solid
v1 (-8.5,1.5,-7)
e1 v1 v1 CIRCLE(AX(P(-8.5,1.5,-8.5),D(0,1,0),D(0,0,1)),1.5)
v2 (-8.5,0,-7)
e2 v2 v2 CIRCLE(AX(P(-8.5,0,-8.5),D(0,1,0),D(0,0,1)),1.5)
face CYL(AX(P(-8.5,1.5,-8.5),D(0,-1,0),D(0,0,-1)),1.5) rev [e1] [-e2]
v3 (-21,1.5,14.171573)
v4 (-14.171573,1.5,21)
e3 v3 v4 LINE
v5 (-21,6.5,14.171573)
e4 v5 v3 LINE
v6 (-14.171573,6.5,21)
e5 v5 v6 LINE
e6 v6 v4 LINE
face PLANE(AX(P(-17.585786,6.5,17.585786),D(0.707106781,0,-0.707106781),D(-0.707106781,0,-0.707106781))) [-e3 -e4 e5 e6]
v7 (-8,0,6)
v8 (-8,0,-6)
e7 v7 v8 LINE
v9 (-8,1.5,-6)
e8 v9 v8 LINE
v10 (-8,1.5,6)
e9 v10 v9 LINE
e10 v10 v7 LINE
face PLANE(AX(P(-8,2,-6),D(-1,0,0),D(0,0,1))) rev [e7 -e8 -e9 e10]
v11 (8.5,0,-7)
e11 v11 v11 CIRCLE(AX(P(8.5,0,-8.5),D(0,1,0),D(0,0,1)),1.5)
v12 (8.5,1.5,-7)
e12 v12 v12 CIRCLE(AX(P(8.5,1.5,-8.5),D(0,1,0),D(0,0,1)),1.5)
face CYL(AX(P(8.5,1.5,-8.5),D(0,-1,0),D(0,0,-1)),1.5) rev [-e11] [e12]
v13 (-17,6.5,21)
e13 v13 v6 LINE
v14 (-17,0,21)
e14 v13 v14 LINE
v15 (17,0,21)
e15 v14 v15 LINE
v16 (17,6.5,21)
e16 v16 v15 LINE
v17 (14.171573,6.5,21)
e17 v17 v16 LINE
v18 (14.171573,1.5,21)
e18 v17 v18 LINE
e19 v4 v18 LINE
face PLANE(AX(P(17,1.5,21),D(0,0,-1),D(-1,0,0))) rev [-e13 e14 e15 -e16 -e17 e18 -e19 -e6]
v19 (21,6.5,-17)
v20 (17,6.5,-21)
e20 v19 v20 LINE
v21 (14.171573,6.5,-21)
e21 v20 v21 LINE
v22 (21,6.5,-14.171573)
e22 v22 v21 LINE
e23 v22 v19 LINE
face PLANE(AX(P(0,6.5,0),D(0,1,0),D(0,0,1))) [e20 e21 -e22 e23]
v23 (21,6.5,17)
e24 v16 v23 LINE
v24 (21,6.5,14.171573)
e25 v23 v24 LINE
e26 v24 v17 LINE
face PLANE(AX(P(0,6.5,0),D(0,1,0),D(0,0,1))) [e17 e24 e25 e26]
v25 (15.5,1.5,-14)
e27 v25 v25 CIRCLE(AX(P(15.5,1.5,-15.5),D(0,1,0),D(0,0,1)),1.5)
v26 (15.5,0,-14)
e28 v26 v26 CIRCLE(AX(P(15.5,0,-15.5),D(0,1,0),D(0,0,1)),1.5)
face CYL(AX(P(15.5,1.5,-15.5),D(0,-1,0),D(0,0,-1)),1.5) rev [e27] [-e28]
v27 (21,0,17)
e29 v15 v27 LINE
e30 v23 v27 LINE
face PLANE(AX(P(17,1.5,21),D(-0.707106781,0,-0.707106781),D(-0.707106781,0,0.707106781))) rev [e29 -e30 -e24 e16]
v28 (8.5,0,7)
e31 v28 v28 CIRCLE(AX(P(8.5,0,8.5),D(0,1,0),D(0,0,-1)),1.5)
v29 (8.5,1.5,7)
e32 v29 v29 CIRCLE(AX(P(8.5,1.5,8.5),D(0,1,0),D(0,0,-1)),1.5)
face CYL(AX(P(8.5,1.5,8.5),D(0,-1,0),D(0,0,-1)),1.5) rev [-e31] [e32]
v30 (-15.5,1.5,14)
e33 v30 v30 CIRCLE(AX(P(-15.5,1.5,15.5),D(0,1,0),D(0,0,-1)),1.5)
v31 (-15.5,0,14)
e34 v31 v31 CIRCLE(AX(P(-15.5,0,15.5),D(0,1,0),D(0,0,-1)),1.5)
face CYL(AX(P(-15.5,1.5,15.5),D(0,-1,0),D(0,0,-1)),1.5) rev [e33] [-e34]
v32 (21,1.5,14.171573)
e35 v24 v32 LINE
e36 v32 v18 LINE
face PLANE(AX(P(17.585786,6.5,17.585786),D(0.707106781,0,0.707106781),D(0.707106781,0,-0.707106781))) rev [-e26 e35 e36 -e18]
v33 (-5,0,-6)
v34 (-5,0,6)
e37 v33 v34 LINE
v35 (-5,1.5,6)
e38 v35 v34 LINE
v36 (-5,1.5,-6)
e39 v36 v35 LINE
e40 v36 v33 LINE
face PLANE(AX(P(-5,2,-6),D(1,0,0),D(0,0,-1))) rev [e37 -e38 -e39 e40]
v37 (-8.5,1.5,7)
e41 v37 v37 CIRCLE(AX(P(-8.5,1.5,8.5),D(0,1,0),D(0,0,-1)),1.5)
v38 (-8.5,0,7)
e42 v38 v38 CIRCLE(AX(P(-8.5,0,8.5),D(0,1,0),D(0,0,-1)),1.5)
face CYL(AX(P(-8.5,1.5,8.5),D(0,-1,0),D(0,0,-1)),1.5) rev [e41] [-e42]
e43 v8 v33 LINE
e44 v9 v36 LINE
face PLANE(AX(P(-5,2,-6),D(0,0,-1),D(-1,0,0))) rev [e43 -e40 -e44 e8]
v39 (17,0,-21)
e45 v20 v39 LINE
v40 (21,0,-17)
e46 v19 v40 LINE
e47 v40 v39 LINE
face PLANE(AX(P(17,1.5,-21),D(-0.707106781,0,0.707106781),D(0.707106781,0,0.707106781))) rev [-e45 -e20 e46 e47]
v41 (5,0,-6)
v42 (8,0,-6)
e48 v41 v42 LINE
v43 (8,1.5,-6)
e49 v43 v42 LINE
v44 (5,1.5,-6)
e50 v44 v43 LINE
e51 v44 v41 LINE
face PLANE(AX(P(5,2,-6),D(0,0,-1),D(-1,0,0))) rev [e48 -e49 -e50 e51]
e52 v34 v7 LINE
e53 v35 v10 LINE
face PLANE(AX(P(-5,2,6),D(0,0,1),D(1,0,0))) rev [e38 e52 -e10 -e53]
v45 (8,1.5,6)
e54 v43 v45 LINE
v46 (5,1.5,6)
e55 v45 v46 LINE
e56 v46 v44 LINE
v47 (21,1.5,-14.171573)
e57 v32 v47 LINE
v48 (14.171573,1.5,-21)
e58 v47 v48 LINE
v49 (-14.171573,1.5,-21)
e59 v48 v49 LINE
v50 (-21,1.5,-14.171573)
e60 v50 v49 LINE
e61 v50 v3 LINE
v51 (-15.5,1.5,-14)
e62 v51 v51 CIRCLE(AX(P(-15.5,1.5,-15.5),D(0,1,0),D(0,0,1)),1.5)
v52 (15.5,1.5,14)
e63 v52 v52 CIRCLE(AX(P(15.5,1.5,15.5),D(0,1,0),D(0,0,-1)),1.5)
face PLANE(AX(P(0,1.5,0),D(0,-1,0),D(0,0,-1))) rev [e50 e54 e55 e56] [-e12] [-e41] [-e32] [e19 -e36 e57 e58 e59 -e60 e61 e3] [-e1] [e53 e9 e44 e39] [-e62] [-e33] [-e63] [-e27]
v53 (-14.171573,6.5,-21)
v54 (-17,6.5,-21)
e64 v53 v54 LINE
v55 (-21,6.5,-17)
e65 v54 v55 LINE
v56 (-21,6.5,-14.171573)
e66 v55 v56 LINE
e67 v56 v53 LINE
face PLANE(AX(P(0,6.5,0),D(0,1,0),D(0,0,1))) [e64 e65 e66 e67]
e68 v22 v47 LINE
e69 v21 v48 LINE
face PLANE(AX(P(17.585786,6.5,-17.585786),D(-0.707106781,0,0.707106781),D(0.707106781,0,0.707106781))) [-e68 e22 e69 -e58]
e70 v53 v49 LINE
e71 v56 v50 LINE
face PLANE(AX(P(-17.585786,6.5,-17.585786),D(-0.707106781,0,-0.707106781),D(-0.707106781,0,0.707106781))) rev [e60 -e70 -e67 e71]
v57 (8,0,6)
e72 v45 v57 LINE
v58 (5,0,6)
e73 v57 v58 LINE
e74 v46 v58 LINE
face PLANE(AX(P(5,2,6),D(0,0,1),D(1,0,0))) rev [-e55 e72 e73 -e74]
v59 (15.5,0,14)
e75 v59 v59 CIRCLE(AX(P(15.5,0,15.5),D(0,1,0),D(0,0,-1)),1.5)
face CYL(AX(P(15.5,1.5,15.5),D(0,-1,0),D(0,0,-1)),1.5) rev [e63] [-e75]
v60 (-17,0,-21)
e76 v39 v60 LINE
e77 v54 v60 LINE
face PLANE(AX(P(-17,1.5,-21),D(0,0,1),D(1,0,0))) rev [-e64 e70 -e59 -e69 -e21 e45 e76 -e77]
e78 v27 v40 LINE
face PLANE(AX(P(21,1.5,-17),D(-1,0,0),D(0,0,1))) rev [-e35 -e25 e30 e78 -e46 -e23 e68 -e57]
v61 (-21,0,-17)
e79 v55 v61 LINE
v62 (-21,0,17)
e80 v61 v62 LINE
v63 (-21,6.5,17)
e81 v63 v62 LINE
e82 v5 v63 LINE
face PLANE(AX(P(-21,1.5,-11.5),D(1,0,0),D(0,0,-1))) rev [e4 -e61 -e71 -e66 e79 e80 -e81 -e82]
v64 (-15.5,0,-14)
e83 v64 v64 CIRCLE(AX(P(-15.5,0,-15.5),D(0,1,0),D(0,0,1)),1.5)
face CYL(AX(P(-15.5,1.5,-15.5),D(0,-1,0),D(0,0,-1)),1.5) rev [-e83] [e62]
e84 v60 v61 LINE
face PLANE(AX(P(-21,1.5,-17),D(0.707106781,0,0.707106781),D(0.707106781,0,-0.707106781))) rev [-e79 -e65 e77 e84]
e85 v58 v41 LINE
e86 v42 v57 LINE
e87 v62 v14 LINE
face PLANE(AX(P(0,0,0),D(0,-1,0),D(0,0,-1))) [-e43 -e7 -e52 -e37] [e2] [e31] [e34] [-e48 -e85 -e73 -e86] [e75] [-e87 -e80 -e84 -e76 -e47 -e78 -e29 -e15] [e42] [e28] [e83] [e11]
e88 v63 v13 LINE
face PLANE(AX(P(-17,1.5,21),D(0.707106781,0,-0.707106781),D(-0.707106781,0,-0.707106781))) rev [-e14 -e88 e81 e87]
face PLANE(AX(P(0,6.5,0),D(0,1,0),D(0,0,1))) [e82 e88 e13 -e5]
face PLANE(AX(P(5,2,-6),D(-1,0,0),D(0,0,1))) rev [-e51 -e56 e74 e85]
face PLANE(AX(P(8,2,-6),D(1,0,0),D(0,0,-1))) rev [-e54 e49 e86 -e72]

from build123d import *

# Parameters (mm, degrees)
SKETCH1_R           = 1.5
BOSS_EXTRUDE1_DEPTH = 1.5
SKETCH3_W           = 3
SKETCH3_H           = 12
CUT_EXTRUDE1_DEPTH  = 2
BOSS_EXTRUDE3_DEPTH = 5


with BuildPart() as part:
    # Sketch1 → Boss-Extrude1 (new body)
    with BuildSketch(Plane(origin=(0, 0, 0), x_dir=(1, 0, 0), z_dir=(0, 1, 0))):
        Polygon((-21, 11.5), (-21, 17), (-17, 21), (17, 21), (21, 17), (21, 11.5), (21, -11.5), (21, -17), (17, -21), (-17, -21), (-21, -17), (-21, -11.5), align=None)
        with Locations(Location((-15.5, 15.5, 0), (0, 0, 270))):
            Circle(SKETCH1_R, mode=Mode.SUBTRACT)
        with Locations(Location((15.5, 15.5, 0), (0, 0, 270))):
            Circle(SKETCH1_R, mode=Mode.SUBTRACT)
        with Locations(Location((15.5, -15.5, 0), (0, 0, 90))):
            Circle(SKETCH1_R, mode=Mode.SUBTRACT)
        with Locations(Location((-15.5, -15.5, 0), (0, 0, 90))):
            Circle(SKETCH1_R, mode=Mode.SUBTRACT)
        with Locations(Location((-8.5, 8.5, 0), (0, 0, 270))):
            Circle(SKETCH1_R, mode=Mode.SUBTRACT)
        with Locations(Location((8.5, 8.5, 0), (0, 0, 270))):
            Circle(SKETCH1_R, mode=Mode.SUBTRACT)
        with Locations(Location((8.5, -8.5, 0), (0, 0, 90))):
            Circle(SKETCH1_R, mode=Mode.SUBTRACT)
        with Locations(Location((-8.5, -8.5, 0), (0, 0, 90))):
            Circle(SKETCH1_R, mode=Mode.SUBTRACT)
    extrude(amount=BOSS_EXTRUDE1_DEPTH)

    # Sketch3 → Cut-Extrude1 (cut)
    with BuildSketch(Plane.XZ):
        with Locations((6.5, 0)):
            Rectangle(SKETCH3_W, SKETCH3_H)
        with Locations((-6.5, 0)):
            Rectangle(SKETCH3_W, SKETCH3_H)
    extrude(amount=-CUT_EXTRUDE1_DEPTH, mode=Mode.SUBTRACT)

    # Sketch2 → Boss-Extrude3 (add)
    with BuildSketch(Plane(origin=(0, 1.5, 0), x_dir=(1, 0, 0), z_dir=(0, 1, 0))):
        Polygon((17, 21), (14.171572875, 21), (15.585786438, 19.585786438), (19.585786438, 15.585786438), (21, 14.171572875), (21, 17), align=None)
        Polygon((-17, 21), (-21, 17), (-21, 14.171572875), (-19.585786438, 15.585786438), (-15.585786438, 19.585786438), (-14.171572875, 21), align=None)
        Polygon((-19.585786438, -15.585786438), (-21, -14.171572875), (-21, -17), (-17, -21), (-14.171572875, -21), (-15.585786438, -19.585786438), align=None)
        Polygon((21, -14.171572875), (14.171572875, -21), (17, -21), (21, -17), align=None)
    extrude(amount=BOSS_EXTRUDE3_DEPTH)


solid = part.part
